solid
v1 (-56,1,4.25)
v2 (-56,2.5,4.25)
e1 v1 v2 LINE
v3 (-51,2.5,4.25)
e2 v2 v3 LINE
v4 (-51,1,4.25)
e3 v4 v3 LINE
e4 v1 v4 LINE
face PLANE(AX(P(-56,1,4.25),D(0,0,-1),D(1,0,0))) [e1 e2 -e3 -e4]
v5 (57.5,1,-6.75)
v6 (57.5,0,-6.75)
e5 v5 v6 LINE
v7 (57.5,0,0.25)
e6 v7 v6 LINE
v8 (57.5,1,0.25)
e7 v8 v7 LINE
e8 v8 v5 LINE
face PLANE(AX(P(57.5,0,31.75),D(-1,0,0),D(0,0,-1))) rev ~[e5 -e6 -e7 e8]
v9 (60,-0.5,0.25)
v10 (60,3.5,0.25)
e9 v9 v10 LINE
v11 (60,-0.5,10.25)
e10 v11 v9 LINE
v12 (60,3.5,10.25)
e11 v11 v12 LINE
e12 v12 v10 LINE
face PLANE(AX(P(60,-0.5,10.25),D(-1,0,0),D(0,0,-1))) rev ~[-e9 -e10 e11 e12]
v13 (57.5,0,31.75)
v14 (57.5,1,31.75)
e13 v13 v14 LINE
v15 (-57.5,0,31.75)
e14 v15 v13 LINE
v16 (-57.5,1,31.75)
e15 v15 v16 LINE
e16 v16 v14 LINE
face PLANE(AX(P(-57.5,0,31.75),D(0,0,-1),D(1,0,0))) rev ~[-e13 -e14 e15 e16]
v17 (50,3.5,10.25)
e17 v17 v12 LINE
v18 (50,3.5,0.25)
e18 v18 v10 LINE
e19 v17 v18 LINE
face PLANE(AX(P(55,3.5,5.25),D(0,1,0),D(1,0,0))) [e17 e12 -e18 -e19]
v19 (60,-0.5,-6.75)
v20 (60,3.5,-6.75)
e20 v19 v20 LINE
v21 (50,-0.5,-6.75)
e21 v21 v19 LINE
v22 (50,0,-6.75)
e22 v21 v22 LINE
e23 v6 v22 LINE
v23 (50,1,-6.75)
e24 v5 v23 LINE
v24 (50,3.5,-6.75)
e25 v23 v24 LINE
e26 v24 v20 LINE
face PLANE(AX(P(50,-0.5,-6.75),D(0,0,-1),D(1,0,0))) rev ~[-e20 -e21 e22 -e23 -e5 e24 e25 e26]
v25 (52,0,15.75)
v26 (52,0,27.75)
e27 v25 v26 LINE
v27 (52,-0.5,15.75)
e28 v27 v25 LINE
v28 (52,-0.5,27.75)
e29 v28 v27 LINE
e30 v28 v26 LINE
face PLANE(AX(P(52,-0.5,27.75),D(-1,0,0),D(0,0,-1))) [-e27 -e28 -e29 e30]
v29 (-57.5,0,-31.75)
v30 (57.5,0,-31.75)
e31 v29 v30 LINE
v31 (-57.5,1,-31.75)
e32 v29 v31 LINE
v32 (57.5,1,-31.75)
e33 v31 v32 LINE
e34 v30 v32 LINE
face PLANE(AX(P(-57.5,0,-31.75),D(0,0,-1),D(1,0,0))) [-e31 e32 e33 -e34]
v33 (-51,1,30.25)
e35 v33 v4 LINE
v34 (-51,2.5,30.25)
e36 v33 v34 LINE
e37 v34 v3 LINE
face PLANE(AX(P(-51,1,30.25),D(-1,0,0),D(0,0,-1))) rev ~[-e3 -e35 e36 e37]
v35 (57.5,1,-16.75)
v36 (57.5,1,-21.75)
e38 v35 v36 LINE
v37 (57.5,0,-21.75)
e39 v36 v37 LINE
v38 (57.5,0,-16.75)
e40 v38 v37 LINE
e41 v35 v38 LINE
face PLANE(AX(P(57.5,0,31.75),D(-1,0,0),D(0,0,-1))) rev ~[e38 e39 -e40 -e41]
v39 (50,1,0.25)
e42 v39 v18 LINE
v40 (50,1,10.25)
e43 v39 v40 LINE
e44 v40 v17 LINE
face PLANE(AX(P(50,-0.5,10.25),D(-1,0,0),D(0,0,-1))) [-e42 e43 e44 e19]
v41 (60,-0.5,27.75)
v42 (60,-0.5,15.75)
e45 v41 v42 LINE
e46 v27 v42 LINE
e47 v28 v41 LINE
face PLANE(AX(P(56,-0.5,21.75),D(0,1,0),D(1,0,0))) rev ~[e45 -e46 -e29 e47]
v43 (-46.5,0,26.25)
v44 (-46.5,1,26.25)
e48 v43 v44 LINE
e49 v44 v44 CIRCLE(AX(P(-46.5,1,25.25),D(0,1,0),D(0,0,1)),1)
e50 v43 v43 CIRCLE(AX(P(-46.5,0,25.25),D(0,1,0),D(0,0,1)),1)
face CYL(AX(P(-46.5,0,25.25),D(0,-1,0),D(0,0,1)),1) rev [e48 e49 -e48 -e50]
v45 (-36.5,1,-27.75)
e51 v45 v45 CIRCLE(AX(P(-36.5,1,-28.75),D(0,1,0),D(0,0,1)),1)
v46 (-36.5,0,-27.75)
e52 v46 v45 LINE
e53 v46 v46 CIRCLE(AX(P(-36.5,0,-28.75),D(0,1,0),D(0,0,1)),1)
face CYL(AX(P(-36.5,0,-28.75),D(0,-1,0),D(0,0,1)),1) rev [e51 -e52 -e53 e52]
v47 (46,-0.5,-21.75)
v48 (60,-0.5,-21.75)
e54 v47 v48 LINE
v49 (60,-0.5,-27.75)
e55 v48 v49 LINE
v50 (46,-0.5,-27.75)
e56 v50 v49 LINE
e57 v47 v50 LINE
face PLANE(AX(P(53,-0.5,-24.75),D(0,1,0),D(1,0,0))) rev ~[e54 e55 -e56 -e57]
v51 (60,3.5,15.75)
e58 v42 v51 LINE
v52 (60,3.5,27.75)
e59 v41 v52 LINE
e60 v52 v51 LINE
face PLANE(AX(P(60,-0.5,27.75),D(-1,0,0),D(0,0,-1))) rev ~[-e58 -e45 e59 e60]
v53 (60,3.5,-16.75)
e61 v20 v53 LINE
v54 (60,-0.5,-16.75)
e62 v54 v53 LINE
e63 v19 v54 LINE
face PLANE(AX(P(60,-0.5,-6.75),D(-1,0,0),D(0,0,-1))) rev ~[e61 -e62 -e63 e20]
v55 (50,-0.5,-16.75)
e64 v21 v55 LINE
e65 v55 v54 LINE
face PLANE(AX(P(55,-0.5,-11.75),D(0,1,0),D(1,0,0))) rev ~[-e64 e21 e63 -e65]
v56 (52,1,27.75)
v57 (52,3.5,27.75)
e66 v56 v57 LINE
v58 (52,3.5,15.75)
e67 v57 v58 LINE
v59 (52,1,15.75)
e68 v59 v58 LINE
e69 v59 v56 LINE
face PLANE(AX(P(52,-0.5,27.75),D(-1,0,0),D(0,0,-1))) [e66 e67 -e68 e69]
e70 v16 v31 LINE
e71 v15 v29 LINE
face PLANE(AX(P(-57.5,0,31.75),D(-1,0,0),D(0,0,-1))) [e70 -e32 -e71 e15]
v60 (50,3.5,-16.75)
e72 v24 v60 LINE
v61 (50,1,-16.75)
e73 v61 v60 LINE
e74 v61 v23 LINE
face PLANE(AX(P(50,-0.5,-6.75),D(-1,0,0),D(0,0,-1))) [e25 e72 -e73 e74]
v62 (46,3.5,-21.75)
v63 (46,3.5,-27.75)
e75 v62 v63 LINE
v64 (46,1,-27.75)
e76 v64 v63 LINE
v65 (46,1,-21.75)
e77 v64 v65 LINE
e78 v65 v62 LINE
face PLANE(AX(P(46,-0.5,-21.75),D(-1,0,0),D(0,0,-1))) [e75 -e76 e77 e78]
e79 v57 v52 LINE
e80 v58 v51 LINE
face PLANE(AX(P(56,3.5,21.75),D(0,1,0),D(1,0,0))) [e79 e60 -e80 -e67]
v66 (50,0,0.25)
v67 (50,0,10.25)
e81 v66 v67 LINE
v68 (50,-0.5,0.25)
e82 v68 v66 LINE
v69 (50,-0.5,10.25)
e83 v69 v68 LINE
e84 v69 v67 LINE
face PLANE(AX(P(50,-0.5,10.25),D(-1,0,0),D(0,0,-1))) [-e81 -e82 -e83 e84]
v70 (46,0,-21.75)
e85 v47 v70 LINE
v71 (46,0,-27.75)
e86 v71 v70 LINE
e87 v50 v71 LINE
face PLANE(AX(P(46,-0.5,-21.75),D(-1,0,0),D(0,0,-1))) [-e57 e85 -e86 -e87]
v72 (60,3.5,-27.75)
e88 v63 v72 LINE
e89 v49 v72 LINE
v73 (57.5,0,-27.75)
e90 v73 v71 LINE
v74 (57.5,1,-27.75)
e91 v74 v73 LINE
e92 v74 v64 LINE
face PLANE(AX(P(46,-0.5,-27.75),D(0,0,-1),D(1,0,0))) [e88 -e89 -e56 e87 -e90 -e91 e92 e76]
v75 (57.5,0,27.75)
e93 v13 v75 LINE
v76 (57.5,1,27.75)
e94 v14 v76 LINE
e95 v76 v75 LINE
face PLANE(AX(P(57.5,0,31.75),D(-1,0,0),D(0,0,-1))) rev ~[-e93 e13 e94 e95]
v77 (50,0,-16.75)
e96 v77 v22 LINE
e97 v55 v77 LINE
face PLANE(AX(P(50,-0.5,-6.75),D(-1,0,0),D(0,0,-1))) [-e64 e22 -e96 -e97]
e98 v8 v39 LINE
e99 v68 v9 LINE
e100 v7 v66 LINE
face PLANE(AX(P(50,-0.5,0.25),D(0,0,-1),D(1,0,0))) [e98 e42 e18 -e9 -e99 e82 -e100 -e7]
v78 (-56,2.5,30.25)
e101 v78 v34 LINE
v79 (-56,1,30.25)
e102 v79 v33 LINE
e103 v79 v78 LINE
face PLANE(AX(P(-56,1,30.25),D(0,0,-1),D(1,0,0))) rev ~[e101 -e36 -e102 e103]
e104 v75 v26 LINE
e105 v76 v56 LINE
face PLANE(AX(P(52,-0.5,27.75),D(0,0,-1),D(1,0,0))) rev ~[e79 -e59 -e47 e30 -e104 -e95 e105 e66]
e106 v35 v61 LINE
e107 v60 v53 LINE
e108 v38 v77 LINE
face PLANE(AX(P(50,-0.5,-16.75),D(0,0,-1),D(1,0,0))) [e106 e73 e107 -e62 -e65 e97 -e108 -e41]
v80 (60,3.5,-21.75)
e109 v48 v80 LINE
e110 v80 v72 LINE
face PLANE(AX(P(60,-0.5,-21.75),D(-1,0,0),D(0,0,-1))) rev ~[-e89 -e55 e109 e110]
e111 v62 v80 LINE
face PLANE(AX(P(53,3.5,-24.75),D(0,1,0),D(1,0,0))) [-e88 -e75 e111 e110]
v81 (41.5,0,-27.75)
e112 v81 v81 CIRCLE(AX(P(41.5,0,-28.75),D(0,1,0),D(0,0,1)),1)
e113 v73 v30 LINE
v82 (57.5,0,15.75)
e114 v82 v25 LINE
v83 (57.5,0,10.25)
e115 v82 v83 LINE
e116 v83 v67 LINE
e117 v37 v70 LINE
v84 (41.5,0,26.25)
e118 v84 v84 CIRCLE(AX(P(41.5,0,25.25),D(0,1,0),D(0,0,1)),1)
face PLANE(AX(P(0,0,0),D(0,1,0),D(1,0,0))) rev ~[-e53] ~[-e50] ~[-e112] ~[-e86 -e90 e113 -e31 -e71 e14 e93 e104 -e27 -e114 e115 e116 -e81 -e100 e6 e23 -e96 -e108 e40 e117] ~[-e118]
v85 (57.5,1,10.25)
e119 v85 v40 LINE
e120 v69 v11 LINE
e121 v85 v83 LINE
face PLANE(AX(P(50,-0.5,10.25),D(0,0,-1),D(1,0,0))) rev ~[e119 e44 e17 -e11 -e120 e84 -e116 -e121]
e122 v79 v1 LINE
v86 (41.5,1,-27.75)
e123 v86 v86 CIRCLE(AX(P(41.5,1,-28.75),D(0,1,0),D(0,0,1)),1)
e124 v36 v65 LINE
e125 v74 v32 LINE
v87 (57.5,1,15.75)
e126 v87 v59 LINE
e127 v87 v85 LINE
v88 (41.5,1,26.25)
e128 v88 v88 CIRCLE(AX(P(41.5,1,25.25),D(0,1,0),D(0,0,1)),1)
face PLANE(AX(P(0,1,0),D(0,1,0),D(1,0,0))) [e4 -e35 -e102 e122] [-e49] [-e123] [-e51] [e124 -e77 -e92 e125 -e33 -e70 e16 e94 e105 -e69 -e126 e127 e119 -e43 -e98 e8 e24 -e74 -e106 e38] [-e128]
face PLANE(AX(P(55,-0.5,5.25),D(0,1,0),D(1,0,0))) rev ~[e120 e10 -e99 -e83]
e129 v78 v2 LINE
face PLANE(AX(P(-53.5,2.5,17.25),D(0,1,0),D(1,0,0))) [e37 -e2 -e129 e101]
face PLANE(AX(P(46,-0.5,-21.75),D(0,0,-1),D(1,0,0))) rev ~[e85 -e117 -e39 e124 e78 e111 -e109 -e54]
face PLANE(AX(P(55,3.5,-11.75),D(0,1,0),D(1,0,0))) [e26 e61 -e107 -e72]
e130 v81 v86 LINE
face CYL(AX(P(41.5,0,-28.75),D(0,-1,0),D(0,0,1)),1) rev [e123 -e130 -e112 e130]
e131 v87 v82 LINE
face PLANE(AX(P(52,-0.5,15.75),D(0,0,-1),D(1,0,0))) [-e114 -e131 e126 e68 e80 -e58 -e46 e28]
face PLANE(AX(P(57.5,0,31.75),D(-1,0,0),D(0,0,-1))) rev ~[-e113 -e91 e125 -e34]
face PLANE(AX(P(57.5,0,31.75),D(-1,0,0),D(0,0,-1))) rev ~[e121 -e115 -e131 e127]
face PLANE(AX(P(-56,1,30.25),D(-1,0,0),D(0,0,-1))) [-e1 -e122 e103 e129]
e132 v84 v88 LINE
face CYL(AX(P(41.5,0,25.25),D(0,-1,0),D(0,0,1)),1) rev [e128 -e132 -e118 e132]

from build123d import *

# Parameters (mm, degrees)
SKETCH1_W               = 115
SKETCH1_H               = 63.5
SKETCH1_R               = 1
PCB_DEPTH               = 1
CONNECTORS_DEPTH        = 3.5
CONNECTORS_DEPTH_BACK   = 0.5
SKETCH2_W               = 8
SKETCH2_H               = 12
SKETCH2_W_2             = 10
SKETCH2_H_2             = 10
SKETCH2_W_3             = 14
SKETCH2_H_3             = 6
SKETCH3_W               = 5
SKETCH3_H               = 26
DISPLAY_CONNECTOR_DEPTH = 1.5


with BuildPart() as part:
    # Sketch1 → PCB (new body)
    with BuildSketch(Plane(origin=(0, 0, 0), x_dir=(1, 0, 0), z_dir=(0, 1, 0))):
        Rectangle(SKETCH1_W, SKETCH1_H)
        with Locations(Location((-46.5, -25.25, 0), (0, 0, 270))):
            Circle(SKETCH1_R, mode=Mode.SUBTRACT)
        with Locations(Location((-36.5, 28.75, 0), (0, 0, 270))):
            Circle(SKETCH1_R, mode=Mode.SUBTRACT)
        with Locations(Location((41.5, 28.75, 0), (0, 0, 270))):
            Circle(SKETCH1_R, mode=Mode.SUBTRACT)
        with Locations(Location((41.5, -25.25, 0), (0, 0, 270))):
            Circle(SKETCH1_R, mode=Mode.SUBTRACT)
    extrude(amount=PCB_DEPTH)

    # Sketch2 → CONNECTORS (add, two sides: drawn at the far end of the back side and taken through both)
    with BuildSketch(Plane(origin=(0, 0, 0), x_dir=(1, 0, 0), z_dir=(0, 1, 0)).offset(-CONNECTORS_DEPTH_BACK)):
        with Locations((56, -21.75)):
            Rectangle(SKETCH2_W, SKETCH2_H)
        with Locations((55, -5.25)):
            Rectangle(SKETCH2_W_2, SKETCH2_H_2)
        with Locations((55, 11.75)):
            Rectangle(SKETCH2_W_2, SKETCH2_H_2)
        with Locations((53, 24.75)):
            Rectangle(SKETCH2_W_3, SKETCH2_H_3)
    extrude(amount=CONNECTORS_DEPTH + CONNECTORS_DEPTH_BACK)

    # Sketch3 → DISPLAY CONNECTOR (add)
    with BuildSketch(Plane(origin=(0, 1, 0), x_dir=(1, 0, 0), z_dir=(0, 1, 0))):
        with Locations((-53.5, -17.25)):
            Rectangle(SKETCH3_W, SKETCH3_H)
    extrude(amount=DISPLAY_CONNECTOR_DEPTH)


solid = part.part
